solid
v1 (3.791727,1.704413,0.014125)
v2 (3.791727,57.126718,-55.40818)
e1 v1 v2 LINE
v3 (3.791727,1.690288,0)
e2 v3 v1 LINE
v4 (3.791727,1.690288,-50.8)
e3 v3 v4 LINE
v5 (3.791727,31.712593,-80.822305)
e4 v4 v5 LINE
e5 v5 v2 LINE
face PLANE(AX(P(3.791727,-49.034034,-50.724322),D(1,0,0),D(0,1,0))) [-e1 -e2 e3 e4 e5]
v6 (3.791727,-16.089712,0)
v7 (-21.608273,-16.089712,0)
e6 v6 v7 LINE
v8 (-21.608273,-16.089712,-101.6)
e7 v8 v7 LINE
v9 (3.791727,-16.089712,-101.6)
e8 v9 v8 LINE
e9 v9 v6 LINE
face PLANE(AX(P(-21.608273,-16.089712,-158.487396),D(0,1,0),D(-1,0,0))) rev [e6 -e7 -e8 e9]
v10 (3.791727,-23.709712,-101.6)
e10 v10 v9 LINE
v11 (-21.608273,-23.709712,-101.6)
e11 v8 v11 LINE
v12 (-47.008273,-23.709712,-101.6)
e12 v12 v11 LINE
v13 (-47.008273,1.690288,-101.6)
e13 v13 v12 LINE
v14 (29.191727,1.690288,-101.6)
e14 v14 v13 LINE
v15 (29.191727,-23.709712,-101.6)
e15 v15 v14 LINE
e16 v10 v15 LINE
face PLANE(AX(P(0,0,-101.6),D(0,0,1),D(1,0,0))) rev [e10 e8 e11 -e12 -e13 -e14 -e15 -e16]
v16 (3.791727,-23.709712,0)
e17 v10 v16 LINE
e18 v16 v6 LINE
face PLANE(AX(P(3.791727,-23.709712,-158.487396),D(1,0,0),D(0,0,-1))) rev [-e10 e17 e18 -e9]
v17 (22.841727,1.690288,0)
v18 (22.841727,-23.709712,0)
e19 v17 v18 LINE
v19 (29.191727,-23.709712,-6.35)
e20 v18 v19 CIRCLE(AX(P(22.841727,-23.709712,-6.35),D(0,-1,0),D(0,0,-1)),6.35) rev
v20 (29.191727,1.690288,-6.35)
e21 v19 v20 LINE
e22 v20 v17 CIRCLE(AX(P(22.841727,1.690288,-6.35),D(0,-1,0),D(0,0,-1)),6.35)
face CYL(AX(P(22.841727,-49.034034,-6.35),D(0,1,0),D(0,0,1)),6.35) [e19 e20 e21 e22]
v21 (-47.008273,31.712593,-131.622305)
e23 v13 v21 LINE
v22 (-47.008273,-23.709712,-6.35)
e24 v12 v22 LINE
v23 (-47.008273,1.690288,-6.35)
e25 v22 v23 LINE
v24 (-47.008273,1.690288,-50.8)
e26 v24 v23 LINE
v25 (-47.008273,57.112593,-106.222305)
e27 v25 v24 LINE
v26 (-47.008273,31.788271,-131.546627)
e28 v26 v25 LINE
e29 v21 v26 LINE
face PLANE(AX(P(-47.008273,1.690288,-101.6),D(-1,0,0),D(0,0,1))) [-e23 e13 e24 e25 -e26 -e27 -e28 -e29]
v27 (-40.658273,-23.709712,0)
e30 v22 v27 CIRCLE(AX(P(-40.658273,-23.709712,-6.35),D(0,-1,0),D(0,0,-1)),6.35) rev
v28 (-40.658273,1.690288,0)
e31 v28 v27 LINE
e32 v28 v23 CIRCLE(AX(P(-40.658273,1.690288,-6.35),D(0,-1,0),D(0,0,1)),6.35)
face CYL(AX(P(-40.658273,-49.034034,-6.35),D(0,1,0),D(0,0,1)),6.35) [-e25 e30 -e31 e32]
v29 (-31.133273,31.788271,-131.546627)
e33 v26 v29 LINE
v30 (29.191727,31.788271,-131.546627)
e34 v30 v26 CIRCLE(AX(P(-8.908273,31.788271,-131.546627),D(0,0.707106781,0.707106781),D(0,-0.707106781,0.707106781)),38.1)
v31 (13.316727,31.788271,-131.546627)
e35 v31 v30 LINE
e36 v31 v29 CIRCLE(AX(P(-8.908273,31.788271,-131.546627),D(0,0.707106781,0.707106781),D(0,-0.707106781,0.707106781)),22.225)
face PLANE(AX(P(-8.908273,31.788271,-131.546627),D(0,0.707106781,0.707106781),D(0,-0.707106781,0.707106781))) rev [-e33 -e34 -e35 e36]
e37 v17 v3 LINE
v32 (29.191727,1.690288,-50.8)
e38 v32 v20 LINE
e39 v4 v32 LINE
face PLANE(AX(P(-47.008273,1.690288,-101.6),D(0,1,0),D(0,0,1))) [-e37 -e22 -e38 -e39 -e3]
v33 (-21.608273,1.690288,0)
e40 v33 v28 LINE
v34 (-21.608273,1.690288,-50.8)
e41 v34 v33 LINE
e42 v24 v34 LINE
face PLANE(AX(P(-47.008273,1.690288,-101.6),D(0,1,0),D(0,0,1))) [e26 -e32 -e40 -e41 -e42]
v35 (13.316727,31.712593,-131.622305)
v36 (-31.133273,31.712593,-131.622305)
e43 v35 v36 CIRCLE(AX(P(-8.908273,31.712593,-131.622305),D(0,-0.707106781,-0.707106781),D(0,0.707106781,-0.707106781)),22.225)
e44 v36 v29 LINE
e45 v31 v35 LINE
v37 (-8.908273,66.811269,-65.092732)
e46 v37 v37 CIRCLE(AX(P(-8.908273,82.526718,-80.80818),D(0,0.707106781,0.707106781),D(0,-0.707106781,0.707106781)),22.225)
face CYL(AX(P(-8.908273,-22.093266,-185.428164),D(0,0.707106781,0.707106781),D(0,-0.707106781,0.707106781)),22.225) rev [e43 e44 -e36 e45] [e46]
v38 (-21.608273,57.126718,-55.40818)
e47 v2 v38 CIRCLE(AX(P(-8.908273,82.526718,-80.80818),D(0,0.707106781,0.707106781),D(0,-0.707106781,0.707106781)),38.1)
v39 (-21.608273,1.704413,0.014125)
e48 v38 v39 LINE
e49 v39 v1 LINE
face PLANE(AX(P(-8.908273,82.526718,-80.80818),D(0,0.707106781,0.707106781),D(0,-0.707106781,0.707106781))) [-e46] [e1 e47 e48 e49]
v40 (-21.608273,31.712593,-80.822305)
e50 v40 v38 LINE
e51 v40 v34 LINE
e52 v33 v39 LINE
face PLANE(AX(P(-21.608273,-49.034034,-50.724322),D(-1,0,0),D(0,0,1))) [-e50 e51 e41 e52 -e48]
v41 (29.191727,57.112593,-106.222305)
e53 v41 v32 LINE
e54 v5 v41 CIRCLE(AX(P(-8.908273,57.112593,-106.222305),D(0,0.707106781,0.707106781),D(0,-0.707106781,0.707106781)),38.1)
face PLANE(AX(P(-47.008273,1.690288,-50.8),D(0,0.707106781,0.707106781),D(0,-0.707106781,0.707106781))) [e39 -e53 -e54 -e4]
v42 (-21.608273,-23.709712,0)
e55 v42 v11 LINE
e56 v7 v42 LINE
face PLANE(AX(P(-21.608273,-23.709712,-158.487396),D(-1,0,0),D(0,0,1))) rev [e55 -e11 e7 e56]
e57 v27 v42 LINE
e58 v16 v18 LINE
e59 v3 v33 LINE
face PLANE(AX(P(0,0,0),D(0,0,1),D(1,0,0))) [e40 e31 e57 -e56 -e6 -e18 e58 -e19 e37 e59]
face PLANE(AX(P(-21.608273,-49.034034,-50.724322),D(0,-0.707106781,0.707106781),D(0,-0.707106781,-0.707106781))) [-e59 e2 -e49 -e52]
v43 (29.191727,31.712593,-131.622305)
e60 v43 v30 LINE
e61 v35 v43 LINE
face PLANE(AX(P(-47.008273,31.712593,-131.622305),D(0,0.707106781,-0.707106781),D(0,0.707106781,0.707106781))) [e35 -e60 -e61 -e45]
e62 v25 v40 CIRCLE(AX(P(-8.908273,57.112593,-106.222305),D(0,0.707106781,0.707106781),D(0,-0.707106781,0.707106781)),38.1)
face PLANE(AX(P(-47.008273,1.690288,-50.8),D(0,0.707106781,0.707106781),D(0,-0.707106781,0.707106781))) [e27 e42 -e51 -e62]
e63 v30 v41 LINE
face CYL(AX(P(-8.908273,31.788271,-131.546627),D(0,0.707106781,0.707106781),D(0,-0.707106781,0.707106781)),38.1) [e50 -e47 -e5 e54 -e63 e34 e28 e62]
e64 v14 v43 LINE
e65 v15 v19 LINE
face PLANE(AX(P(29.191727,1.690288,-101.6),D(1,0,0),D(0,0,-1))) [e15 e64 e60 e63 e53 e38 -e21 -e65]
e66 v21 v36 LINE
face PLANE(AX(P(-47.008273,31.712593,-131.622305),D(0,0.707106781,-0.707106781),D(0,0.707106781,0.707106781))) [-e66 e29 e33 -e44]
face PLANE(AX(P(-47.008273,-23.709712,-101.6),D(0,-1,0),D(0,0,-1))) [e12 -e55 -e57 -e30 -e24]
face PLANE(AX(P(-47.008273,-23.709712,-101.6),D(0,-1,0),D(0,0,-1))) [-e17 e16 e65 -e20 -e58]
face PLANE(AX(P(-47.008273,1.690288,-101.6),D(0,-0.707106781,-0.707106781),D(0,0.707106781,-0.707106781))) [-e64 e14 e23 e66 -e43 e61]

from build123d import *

# Parameters (mm, degrees)
SKETCH1_W                = 76.2
SKETCH1_H                = 25.4
BOSS_EXTRUDE1_DEPTH      = 101.6
BOSS_EXTRUDE2_DEPTH      = 76.2
BOSS_EXTRUDE3_DEPTH      = 35.941
BOSS_EXTRUDE3_DEPTH_BACK = 35.814
SKETCH5_R                = 22.225
CUT_EXTRUDE1_DEPTH       = 148.955
CUT_EXTRUDE2_DEPTH       = 51.724322261
CUT_EXTRUDE3_DEPTH       = 159.487395714


with BuildPart() as part:
    # Sketch1 → Boss-Extrude1 (new body)
    with BuildSketch(Plane.XY):
        with Locations((-8.908273381, -11.00971223)):
            Rectangle(SKETCH1_W, SKETCH1_H)
    extrude(amount=-BOSS_EXTRUDE1_DEPTH)

    # Sketch3 → Boss-Extrude2 (add, through all)
    with BuildSketch(Plane(origin=(29.191726619, 0, 0), x_dir=(0, 0, -1), z_dir=(1, 0, 0))):
        Polygon((50.8, 1.69028777), (106.22230509, 57.112592859), (131.62230509, 31.712592859), (101.6, 1.69028777), align=None)
    extrude(amount=-BOSS_EXTRUDE2_DEPTH)

    # Sketch4 → Boss-Extrude3 (add, two sides)
    with BuildSketch(Plane(origin=(0, -24.554856115, -24.554856115), x_dir=(1, 0, 0), z_dir=(0, 0.707106781, 0.707106781))) as boss_extrude3_sk:
        with BuildLine():
            Line((-21.608273381, 1.195213944), (3.791726619, 1.195213944))
            Line((3.791726619, 1.195213944), (3.791726619, 79.57418946))
            ThreePointArc((3.791726619, 79.57418946), (-8.908273381, 153.595213944), (-21.608273381, 79.57418946))
            Line((-21.608273381, 79.57418946), (-21.608273381, 1.195213944))
        make_face()
    extrude(amount=BOSS_EXTRUDE3_DEPTH)
    extrude(boss_extrude3_sk.sketch, amount=-BOSS_EXTRUDE3_DEPTH_BACK)

    # Sketch5 → Cut-Extrude1 (cut, through all)
    with BuildSketch(Plane(origin=(0, 0.859268708, 0.859268708), x_dir=(1, 0, 0), z_dir=(0, 0.707106781, 0.707106781))):
        with Locations((-8.908273381, 115.495213944)):
            Circle(SKETCH5_R)
    extrude(amount=-CUT_EXTRUDE1_DEPTH, mode=Mode.SUBTRACT)

    # Sketch6 → Cut-Extrude2 (cut, through all)
    with BuildSketch(Plane(origin=(0, 1.69028777, 0), x_dir=(1, 0, 0), z_dir=(0, 1, 0))):
        with BuildLine():
            Line((-47.008273381, 6.35), (-47.008273381, 0))
            Line((-47.008273381, 0), (-40.658273381, 0))
            ThreePointArc((-40.658273381, 0), (-45.148401442, 1.859871939), (-47.008273381, 6.35))
        make_face()
        with BuildLine():
            Line((22.841726619, 0), (29.191726619, 0))
            Line((29.191726619, 0), (29.191726619, 6.35))
            ThreePointArc((29.191726619, 6.35), (27.331854679, 1.859871939), (22.841726619, 0))
        make_face()
    extrude(amount=-CUT_EXTRUDE2_DEPTH, mode=Mode.SUBTRACT)

    # Sketch7 → Cut-Extrude3 (cut, through all)
    with BuildSketch(Plane.XY):
        Polygon((-21.608273381, -23.70971223), (-21.608273381, -16.08971223), (3.791726619, -16.08971223), (3.791726619, -23.70971223), (3.791726619, -49.034034492), (-21.608273381, -49.034034492), align=None)
    extrude(amount=-CUT_EXTRUDE3_DEPTH, mode=Mode.SUBTRACT)


solid = part.part
